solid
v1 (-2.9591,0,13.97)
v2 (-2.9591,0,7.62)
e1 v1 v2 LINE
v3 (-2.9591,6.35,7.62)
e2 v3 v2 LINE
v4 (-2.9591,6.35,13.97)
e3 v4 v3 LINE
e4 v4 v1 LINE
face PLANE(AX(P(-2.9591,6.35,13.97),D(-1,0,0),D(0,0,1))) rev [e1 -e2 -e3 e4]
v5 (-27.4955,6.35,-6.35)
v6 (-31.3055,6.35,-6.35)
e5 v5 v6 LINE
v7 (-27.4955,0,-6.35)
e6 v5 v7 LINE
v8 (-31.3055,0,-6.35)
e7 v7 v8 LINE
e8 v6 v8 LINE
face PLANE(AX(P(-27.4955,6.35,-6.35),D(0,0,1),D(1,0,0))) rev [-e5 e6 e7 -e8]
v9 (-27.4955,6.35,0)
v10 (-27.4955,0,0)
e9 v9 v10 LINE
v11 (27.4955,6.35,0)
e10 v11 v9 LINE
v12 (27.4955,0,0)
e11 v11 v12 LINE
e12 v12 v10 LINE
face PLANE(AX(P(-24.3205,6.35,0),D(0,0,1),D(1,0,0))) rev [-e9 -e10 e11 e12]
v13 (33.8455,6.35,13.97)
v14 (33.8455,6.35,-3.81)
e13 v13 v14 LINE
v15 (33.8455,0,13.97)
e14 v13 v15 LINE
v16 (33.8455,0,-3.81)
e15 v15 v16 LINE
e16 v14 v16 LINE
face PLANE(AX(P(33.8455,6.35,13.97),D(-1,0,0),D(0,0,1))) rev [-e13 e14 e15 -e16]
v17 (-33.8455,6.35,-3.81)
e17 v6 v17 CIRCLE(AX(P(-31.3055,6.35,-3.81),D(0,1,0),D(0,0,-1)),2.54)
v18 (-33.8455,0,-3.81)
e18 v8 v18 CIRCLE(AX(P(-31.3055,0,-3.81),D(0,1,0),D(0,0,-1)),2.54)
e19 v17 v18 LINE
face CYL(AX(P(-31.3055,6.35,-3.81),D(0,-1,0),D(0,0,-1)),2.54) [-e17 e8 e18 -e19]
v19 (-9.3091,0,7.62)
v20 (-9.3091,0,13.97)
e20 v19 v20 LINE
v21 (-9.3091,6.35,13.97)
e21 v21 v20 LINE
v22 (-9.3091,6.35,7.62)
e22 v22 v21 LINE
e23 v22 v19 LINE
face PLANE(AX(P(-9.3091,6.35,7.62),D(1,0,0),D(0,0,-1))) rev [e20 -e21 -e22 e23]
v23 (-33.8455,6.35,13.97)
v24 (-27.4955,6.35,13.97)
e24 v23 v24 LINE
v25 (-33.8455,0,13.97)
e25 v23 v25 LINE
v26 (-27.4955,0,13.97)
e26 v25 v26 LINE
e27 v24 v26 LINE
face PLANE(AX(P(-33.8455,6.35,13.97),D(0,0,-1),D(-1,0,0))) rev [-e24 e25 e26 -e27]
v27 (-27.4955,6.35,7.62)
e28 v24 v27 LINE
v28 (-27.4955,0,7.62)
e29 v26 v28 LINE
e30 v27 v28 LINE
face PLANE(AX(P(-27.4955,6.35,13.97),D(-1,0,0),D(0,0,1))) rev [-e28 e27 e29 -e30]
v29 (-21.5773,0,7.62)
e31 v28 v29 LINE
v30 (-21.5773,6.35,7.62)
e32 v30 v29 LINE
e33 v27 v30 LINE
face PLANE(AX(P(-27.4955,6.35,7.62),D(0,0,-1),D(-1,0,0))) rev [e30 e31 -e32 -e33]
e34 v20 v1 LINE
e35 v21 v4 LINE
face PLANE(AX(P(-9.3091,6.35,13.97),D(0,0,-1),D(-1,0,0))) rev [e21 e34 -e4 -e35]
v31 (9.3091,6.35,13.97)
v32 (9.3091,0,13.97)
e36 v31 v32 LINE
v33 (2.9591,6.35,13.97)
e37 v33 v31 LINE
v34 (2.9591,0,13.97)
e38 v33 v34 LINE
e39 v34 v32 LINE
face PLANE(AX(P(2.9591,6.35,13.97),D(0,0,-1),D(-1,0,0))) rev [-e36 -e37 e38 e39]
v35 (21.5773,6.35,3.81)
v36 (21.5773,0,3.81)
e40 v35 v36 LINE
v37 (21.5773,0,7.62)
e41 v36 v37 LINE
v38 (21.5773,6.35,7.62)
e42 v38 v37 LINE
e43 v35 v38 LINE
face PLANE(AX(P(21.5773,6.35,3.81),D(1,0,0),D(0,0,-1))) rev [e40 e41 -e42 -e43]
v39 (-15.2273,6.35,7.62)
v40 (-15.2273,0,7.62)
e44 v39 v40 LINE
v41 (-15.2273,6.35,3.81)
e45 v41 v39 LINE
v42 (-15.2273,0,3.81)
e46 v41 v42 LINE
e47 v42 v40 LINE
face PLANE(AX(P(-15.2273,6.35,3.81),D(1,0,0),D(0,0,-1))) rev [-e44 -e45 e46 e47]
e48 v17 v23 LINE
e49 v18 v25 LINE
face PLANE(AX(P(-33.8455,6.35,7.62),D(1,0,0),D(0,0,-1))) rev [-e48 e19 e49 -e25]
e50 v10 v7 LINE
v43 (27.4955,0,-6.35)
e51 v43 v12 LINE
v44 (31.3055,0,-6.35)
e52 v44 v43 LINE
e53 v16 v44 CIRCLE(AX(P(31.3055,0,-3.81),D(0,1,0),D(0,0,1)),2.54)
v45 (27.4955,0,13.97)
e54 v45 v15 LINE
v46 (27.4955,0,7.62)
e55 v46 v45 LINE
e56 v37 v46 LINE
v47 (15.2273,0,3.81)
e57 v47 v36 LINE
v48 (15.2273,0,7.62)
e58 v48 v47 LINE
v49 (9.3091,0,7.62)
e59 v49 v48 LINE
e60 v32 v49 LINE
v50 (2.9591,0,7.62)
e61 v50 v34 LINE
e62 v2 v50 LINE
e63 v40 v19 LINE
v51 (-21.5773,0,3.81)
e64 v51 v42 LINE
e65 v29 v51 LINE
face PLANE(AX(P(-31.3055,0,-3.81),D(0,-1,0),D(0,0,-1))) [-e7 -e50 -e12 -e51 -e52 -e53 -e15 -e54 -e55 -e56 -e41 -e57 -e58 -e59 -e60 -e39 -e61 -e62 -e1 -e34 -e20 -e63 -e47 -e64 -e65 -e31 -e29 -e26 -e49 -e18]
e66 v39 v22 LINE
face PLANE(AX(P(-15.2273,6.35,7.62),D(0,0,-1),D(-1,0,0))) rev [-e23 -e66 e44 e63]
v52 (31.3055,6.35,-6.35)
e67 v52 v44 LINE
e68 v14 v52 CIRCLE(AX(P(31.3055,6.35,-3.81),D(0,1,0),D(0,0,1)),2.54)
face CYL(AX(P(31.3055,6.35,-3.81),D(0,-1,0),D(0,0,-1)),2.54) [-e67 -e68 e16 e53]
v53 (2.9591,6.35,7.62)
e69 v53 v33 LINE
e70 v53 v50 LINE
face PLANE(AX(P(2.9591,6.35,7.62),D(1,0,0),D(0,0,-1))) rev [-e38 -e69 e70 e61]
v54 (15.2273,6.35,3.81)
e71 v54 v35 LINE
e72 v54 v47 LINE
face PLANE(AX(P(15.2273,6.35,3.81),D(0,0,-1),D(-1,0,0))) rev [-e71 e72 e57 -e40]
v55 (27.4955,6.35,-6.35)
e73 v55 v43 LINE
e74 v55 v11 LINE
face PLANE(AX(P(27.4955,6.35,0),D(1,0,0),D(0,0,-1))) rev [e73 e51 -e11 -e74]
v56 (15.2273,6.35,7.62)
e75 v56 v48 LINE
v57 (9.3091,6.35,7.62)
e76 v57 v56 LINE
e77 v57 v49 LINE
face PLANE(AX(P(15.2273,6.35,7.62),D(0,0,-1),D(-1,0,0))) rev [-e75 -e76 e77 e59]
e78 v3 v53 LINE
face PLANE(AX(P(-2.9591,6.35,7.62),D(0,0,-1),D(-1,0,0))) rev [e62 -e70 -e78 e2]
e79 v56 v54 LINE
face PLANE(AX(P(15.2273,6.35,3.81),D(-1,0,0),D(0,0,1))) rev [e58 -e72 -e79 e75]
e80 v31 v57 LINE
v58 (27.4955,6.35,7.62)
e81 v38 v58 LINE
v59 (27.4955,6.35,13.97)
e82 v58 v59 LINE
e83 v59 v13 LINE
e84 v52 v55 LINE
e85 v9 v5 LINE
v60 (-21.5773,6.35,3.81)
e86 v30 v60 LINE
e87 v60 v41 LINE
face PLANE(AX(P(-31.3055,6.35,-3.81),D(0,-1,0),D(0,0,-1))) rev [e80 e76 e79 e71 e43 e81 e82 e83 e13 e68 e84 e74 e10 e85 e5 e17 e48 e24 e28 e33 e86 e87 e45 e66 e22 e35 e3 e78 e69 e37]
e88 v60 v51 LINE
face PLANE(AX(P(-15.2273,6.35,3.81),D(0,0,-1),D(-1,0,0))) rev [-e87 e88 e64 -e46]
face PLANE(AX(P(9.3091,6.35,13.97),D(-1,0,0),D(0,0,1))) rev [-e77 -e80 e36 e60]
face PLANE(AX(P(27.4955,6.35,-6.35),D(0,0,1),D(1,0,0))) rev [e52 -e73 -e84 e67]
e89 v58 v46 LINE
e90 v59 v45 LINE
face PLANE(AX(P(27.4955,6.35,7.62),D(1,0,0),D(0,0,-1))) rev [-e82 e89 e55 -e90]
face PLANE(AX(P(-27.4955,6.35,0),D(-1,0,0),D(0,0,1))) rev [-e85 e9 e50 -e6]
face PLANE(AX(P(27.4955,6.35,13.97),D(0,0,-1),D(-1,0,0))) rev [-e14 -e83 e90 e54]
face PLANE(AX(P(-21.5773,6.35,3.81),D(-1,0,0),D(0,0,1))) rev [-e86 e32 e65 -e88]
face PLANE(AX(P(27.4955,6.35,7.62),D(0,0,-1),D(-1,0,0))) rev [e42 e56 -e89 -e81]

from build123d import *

# Parameters (mm, degrees)
BOSS_EXTRUDE1_DEPTH = 6.35


with BuildPart() as part:
    # Sketch1 → Boss-Extrude1 (new body)
    with BuildSketch(Plane(origin=(0, 0, 0), x_dir=(1, 0, 0), z_dir=(0, 1, 0))):
        with BuildLine():
            Line((-24.3205, 0), (24.3205, 0))
            Line((24.3205, 0), (27.4955, 0))
            Line((27.4955, 0), (27.4955, 6.35))
            Line((27.4955, 6.35), (31.3055, 6.35))
            ThreePointArc((31.3055, 6.35), (33.101551224, 5.606051224), (33.8455, 3.81))
            Line((33.8455, 3.81), (33.8455, -13.97))
            Line((33.8455, -13.97), (27.4955, -13.97))
            Line((27.4955, -13.97), (27.4955, -7.62))
            Line((27.4955, -7.62), (21.5773, -7.62))
            Line((21.5773, -7.62), (21.5773, -3.81))
            Line((21.5773, -3.81), (15.2273, -3.81))
            Line((15.2273, -3.81), (15.2273, -7.62))
            Line((15.2273, -7.62), (9.3091, -7.62))
            Line((9.3091, -7.62), (9.3091, -13.97))
            Line((9.3091, -13.97), (2.9591, -13.97))
            Line((2.9591, -13.97), (2.9591, -7.62))
            Line((2.9591, -7.62), (-2.9591, -7.62))
            Line((-2.9591, -7.62), (-2.9591, -13.97))
            Line((-2.9591, -13.97), (-9.3091, -13.97))
            Line((-9.3091, -13.97), (-9.3091, -7.62))
            Line((-9.3091, -7.62), (-15.2273, -7.62))
            Line((-15.2273, -7.62), (-15.2273, -3.81))
            Line((-15.2273, -3.81), (-21.5773, -3.81))
            Line((-21.5773, -3.81), (-21.5773, -7.62))
            Line((-21.5773, -7.62), (-27.4955, -7.62))
            Line((-27.4955, -7.62), (-27.4955, -13.97))
            Line((-27.4955, -13.97), (-33.8455, -13.97))
            Line((-33.8455, -13.97), (-33.8455, -7.62))
            Line((-33.8455, -7.62), (-33.8455, 3.81))
            ThreePointArc((-33.8455, 3.81), (-33.101551224, 5.606051224), (-31.3055, 6.35))
            Line((-31.3055, 6.35), (-27.4955, 6.35))
            Line((-27.4955, 6.35), (-27.4955, 0))
            Line((-27.4955, 0), (-24.3205, 0))
        make_face()
    extrude(amount=BOSS_EXTRUDE1_DEPTH)


solid = part.part
